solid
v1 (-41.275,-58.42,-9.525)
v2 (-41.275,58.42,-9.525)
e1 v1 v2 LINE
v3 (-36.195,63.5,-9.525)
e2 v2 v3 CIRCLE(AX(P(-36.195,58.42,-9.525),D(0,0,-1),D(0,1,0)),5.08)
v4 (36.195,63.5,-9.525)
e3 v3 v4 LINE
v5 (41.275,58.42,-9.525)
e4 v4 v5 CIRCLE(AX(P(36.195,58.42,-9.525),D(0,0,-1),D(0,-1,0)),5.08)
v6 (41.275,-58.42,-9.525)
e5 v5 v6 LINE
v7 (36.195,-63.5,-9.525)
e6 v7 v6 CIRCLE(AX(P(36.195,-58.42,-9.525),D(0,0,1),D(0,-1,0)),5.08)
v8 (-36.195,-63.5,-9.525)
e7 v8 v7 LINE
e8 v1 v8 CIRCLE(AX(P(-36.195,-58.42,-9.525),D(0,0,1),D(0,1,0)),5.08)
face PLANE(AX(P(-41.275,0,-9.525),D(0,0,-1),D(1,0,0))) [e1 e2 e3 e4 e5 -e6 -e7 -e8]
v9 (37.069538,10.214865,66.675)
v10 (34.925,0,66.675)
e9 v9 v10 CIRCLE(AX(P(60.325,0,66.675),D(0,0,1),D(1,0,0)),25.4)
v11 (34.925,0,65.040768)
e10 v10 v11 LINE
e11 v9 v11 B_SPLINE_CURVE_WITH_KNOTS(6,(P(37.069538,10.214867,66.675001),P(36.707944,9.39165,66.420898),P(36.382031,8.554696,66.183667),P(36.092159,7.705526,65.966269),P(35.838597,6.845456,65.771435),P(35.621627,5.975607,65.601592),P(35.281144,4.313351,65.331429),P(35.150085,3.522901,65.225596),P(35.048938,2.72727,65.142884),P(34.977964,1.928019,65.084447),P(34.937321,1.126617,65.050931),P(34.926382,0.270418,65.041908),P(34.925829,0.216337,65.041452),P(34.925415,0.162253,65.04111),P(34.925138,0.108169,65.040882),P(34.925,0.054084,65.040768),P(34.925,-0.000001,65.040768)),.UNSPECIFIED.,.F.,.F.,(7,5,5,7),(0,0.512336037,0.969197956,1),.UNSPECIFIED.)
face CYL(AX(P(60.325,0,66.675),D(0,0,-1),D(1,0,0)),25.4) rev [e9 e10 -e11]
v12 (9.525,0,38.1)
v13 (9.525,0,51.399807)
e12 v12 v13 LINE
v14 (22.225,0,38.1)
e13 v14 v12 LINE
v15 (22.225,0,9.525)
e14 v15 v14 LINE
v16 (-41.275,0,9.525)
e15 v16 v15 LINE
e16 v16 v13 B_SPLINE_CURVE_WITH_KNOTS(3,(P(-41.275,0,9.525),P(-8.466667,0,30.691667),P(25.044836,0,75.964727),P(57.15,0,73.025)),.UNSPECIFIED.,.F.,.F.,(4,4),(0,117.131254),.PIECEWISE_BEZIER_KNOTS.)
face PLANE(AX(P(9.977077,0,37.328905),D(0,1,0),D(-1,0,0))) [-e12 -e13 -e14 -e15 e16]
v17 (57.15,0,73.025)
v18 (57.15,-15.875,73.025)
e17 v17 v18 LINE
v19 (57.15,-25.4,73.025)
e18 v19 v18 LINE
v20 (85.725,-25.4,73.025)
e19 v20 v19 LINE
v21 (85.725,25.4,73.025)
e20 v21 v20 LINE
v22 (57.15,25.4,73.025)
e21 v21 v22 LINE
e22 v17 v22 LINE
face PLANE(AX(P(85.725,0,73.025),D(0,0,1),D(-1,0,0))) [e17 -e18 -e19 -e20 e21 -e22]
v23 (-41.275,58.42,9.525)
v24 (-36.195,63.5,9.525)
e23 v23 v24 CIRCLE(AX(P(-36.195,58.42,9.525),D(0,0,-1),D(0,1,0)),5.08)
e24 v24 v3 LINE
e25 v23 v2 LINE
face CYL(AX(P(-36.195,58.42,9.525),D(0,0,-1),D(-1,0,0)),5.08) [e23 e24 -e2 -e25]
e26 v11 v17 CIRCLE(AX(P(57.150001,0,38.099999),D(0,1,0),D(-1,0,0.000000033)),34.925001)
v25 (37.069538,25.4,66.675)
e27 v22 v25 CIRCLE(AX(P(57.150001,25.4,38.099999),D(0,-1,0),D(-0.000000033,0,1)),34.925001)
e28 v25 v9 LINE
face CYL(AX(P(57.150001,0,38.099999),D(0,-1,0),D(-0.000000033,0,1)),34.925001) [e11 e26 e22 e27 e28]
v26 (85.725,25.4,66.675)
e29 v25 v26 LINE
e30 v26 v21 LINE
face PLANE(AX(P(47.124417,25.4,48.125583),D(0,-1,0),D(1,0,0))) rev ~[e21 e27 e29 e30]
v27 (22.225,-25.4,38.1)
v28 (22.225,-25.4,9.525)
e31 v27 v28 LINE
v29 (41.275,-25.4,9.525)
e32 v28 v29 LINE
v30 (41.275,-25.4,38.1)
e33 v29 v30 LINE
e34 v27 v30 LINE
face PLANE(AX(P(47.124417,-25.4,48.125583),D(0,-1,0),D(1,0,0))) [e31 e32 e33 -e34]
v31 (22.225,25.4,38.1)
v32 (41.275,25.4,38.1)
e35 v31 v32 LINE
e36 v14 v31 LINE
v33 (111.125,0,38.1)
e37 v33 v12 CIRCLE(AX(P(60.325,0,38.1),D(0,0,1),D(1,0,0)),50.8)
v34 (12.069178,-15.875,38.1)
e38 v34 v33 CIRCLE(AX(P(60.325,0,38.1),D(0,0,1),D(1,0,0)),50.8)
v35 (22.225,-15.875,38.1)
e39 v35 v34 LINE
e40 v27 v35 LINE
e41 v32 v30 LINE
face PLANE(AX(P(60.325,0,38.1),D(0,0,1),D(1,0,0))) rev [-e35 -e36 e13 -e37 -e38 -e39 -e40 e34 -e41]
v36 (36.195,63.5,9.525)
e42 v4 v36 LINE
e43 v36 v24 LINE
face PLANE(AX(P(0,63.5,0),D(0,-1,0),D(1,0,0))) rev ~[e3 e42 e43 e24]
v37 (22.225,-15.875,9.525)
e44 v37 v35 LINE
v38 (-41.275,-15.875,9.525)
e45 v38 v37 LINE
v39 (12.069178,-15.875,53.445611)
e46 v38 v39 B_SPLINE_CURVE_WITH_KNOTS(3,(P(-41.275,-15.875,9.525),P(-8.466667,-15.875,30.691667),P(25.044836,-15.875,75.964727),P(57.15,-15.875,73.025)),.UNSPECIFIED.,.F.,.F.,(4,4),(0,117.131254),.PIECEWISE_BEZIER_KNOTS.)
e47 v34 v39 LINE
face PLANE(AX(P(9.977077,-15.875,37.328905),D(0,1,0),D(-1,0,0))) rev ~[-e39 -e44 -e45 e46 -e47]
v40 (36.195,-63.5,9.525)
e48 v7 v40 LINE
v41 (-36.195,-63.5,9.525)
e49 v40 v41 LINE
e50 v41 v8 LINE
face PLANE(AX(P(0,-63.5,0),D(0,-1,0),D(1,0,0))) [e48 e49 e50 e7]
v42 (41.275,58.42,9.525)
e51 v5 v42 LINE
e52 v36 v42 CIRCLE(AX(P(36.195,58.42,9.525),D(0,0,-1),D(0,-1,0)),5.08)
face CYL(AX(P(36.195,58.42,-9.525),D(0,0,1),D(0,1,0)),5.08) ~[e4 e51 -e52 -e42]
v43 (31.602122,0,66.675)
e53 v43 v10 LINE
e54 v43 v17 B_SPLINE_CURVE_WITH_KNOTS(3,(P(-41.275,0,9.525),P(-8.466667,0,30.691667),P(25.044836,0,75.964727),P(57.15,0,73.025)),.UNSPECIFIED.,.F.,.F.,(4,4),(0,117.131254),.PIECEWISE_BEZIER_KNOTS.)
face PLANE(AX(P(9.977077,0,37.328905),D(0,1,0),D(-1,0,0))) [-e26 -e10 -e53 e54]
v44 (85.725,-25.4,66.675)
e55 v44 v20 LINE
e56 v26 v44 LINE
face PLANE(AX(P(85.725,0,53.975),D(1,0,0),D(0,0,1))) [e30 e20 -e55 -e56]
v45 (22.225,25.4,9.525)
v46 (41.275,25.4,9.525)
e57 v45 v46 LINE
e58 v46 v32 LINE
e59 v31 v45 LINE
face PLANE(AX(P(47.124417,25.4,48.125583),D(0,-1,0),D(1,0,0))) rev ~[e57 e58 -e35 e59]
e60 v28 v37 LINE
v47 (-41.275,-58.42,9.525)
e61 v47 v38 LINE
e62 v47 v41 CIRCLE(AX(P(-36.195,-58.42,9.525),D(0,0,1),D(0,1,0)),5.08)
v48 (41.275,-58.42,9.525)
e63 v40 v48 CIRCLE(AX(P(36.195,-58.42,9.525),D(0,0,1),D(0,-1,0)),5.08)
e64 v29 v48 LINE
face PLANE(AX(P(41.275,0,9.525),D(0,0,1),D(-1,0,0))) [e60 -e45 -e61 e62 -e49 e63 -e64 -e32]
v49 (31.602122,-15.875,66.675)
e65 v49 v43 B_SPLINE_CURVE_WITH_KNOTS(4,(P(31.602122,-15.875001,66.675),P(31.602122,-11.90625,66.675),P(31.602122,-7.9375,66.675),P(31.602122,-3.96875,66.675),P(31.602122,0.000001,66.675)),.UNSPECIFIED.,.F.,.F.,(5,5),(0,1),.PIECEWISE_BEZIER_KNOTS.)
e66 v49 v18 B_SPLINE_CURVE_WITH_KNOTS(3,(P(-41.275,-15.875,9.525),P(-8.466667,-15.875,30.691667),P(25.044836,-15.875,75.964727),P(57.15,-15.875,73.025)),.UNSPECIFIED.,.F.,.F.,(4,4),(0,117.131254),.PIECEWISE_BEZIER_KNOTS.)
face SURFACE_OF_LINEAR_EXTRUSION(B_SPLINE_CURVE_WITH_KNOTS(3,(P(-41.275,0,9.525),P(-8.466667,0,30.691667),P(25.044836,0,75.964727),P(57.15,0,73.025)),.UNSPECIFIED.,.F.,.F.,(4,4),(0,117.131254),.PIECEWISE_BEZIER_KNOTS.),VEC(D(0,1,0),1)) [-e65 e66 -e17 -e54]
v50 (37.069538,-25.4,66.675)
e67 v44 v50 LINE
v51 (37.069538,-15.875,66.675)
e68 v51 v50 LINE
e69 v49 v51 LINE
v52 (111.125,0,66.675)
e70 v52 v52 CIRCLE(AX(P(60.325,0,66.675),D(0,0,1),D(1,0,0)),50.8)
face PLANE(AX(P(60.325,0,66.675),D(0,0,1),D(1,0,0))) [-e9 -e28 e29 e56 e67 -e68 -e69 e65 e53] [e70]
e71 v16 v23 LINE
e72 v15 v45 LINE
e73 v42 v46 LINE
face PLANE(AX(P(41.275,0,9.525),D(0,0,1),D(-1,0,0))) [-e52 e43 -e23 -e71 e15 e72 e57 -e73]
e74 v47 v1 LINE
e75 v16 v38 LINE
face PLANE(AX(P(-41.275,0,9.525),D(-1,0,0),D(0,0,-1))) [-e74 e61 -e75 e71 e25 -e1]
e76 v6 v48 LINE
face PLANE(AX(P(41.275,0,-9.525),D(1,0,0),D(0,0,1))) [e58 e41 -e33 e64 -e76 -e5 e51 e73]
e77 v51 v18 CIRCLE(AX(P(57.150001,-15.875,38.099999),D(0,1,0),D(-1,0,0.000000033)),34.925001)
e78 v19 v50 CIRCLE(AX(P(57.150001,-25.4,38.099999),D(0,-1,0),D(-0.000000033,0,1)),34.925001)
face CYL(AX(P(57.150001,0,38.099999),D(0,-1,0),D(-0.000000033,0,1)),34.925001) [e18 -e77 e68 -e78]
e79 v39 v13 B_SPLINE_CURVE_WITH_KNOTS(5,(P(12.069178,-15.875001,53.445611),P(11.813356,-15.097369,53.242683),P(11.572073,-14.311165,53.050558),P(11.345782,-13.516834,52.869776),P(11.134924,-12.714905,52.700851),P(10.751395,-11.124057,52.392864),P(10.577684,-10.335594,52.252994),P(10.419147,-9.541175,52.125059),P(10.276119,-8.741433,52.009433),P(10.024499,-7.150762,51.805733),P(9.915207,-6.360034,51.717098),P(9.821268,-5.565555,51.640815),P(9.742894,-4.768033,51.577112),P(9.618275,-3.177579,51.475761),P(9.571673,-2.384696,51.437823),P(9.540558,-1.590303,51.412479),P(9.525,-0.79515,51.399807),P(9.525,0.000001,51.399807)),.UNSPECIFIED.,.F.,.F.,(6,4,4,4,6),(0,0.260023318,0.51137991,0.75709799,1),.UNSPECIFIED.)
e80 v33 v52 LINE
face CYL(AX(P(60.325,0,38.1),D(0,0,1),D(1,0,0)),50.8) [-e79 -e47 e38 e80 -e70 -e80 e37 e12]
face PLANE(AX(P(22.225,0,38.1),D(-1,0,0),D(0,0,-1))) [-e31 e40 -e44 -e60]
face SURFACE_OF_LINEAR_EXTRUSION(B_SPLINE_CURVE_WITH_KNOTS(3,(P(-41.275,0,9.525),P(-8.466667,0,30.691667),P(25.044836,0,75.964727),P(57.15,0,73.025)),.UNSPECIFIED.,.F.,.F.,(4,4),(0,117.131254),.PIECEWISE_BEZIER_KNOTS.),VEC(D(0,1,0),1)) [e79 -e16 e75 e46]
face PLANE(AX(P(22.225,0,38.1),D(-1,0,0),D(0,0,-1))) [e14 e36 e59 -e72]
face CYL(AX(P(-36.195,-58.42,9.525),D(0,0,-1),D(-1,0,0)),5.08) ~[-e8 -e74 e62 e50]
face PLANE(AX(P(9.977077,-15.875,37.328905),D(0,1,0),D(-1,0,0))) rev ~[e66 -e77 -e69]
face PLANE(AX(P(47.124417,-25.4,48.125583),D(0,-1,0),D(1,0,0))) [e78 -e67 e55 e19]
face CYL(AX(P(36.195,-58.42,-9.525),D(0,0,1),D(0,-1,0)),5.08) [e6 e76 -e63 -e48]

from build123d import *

# Parameters (mm, degrees)
F1_DEPTH = 63.5
F0_W     = 25.4
F0_H     = 12.7
F2_DEPTH = 25.4
F3_DEPTH = 15.875
F5_R     = 5.08


with BuildPart() as f1:
    # F0 (on Front) → F1 (new body, symmetric)
    with BuildSketch(Plane.XZ):
        Polygon((-41.275, -9.525), (41.275, -9.525), (41.275, 9.525), (22.225, 9.525), (-41.275, 9.525), align=None)
    extrude(amount=F1_DEPTH, both=True)

    # F0 (on Front) → F2 (join, symmetric)
    with BuildSketch(Plane.XZ):
        with BuildLine():
            Line((22.225, 9.525), (41.275, 9.525))
            Line((41.275, 9.525), (41.275, 38.1))
            ThreePointArc((41.275, 38.1), (45.92468, 49.32532), (57.15, 53.975))
            Line((57.15, 53.975), (60.325, 53.975))
            Line((60.325, 53.975), (60.325, 66.675))
            Line((60.325, 66.675), (85.725, 66.675))
            Line((85.725, 66.675), (85.725, 73.025))
            Line((85.725, 73.025), (57.15, 73.025))
            ThreePointArc((57.15, 73.025), (32.454296, 62.795704), (22.225, 38.1))
            Line((22.225, 38.1), (22.225, 9.525))
        make_face()
        with Locations((73.025, 60.325)):
            Rectangle(F0_W, F0_H)
    extrude(amount=F2_DEPTH, both=True)

    # F0 (on Front) → F3 (join)
    with BuildSketch(Plane.XZ):
        with BuildLine():
            add(Edge.make_bspline(
                [(-41.275, 9.525), (-8.466667, 30.691667), (25.044836, 75.964727), (57.15, 73.025)],
                knots=[0, 0, 0, 0, 117.131254, 117.131254, 117.131254, 117.131254], degree=3))
            Line((-41.275, 9.525), (22.225, 9.525))
            Line((22.225, 9.525), (22.225, 38.1))
            ThreePointArc((22.225, 38.1), (32.454296, 62.795704), (57.15, 73.025))
        make_face()
    extrude(amount=F3_DEPTH)

    # F0 (on Front) → F4 (revolve)
    with BuildSketch(Plane.XZ):
        Polygon((85.725, 53.975), (60.325, 53.975), (60.325, 38.1), (111.125, 38.1), (111.125, 66.675), (85.725, 66.675), align=None)
    revolve(axis=Axis((60.325, 0, 52.3875), (0, 0, 1)))

    # F5
    f5_edges = [f1.edges().sort_by_distance(p)[0] for p in [
        (41.275, -63.5, 0),
        (-41.275, -63.5, 0),
        (41.275, 63.5, 0),
        (-41.275, 63.5, 0),
    ]]
    fillet(f5_edges, radius=F5_R)


solid = f1.part
